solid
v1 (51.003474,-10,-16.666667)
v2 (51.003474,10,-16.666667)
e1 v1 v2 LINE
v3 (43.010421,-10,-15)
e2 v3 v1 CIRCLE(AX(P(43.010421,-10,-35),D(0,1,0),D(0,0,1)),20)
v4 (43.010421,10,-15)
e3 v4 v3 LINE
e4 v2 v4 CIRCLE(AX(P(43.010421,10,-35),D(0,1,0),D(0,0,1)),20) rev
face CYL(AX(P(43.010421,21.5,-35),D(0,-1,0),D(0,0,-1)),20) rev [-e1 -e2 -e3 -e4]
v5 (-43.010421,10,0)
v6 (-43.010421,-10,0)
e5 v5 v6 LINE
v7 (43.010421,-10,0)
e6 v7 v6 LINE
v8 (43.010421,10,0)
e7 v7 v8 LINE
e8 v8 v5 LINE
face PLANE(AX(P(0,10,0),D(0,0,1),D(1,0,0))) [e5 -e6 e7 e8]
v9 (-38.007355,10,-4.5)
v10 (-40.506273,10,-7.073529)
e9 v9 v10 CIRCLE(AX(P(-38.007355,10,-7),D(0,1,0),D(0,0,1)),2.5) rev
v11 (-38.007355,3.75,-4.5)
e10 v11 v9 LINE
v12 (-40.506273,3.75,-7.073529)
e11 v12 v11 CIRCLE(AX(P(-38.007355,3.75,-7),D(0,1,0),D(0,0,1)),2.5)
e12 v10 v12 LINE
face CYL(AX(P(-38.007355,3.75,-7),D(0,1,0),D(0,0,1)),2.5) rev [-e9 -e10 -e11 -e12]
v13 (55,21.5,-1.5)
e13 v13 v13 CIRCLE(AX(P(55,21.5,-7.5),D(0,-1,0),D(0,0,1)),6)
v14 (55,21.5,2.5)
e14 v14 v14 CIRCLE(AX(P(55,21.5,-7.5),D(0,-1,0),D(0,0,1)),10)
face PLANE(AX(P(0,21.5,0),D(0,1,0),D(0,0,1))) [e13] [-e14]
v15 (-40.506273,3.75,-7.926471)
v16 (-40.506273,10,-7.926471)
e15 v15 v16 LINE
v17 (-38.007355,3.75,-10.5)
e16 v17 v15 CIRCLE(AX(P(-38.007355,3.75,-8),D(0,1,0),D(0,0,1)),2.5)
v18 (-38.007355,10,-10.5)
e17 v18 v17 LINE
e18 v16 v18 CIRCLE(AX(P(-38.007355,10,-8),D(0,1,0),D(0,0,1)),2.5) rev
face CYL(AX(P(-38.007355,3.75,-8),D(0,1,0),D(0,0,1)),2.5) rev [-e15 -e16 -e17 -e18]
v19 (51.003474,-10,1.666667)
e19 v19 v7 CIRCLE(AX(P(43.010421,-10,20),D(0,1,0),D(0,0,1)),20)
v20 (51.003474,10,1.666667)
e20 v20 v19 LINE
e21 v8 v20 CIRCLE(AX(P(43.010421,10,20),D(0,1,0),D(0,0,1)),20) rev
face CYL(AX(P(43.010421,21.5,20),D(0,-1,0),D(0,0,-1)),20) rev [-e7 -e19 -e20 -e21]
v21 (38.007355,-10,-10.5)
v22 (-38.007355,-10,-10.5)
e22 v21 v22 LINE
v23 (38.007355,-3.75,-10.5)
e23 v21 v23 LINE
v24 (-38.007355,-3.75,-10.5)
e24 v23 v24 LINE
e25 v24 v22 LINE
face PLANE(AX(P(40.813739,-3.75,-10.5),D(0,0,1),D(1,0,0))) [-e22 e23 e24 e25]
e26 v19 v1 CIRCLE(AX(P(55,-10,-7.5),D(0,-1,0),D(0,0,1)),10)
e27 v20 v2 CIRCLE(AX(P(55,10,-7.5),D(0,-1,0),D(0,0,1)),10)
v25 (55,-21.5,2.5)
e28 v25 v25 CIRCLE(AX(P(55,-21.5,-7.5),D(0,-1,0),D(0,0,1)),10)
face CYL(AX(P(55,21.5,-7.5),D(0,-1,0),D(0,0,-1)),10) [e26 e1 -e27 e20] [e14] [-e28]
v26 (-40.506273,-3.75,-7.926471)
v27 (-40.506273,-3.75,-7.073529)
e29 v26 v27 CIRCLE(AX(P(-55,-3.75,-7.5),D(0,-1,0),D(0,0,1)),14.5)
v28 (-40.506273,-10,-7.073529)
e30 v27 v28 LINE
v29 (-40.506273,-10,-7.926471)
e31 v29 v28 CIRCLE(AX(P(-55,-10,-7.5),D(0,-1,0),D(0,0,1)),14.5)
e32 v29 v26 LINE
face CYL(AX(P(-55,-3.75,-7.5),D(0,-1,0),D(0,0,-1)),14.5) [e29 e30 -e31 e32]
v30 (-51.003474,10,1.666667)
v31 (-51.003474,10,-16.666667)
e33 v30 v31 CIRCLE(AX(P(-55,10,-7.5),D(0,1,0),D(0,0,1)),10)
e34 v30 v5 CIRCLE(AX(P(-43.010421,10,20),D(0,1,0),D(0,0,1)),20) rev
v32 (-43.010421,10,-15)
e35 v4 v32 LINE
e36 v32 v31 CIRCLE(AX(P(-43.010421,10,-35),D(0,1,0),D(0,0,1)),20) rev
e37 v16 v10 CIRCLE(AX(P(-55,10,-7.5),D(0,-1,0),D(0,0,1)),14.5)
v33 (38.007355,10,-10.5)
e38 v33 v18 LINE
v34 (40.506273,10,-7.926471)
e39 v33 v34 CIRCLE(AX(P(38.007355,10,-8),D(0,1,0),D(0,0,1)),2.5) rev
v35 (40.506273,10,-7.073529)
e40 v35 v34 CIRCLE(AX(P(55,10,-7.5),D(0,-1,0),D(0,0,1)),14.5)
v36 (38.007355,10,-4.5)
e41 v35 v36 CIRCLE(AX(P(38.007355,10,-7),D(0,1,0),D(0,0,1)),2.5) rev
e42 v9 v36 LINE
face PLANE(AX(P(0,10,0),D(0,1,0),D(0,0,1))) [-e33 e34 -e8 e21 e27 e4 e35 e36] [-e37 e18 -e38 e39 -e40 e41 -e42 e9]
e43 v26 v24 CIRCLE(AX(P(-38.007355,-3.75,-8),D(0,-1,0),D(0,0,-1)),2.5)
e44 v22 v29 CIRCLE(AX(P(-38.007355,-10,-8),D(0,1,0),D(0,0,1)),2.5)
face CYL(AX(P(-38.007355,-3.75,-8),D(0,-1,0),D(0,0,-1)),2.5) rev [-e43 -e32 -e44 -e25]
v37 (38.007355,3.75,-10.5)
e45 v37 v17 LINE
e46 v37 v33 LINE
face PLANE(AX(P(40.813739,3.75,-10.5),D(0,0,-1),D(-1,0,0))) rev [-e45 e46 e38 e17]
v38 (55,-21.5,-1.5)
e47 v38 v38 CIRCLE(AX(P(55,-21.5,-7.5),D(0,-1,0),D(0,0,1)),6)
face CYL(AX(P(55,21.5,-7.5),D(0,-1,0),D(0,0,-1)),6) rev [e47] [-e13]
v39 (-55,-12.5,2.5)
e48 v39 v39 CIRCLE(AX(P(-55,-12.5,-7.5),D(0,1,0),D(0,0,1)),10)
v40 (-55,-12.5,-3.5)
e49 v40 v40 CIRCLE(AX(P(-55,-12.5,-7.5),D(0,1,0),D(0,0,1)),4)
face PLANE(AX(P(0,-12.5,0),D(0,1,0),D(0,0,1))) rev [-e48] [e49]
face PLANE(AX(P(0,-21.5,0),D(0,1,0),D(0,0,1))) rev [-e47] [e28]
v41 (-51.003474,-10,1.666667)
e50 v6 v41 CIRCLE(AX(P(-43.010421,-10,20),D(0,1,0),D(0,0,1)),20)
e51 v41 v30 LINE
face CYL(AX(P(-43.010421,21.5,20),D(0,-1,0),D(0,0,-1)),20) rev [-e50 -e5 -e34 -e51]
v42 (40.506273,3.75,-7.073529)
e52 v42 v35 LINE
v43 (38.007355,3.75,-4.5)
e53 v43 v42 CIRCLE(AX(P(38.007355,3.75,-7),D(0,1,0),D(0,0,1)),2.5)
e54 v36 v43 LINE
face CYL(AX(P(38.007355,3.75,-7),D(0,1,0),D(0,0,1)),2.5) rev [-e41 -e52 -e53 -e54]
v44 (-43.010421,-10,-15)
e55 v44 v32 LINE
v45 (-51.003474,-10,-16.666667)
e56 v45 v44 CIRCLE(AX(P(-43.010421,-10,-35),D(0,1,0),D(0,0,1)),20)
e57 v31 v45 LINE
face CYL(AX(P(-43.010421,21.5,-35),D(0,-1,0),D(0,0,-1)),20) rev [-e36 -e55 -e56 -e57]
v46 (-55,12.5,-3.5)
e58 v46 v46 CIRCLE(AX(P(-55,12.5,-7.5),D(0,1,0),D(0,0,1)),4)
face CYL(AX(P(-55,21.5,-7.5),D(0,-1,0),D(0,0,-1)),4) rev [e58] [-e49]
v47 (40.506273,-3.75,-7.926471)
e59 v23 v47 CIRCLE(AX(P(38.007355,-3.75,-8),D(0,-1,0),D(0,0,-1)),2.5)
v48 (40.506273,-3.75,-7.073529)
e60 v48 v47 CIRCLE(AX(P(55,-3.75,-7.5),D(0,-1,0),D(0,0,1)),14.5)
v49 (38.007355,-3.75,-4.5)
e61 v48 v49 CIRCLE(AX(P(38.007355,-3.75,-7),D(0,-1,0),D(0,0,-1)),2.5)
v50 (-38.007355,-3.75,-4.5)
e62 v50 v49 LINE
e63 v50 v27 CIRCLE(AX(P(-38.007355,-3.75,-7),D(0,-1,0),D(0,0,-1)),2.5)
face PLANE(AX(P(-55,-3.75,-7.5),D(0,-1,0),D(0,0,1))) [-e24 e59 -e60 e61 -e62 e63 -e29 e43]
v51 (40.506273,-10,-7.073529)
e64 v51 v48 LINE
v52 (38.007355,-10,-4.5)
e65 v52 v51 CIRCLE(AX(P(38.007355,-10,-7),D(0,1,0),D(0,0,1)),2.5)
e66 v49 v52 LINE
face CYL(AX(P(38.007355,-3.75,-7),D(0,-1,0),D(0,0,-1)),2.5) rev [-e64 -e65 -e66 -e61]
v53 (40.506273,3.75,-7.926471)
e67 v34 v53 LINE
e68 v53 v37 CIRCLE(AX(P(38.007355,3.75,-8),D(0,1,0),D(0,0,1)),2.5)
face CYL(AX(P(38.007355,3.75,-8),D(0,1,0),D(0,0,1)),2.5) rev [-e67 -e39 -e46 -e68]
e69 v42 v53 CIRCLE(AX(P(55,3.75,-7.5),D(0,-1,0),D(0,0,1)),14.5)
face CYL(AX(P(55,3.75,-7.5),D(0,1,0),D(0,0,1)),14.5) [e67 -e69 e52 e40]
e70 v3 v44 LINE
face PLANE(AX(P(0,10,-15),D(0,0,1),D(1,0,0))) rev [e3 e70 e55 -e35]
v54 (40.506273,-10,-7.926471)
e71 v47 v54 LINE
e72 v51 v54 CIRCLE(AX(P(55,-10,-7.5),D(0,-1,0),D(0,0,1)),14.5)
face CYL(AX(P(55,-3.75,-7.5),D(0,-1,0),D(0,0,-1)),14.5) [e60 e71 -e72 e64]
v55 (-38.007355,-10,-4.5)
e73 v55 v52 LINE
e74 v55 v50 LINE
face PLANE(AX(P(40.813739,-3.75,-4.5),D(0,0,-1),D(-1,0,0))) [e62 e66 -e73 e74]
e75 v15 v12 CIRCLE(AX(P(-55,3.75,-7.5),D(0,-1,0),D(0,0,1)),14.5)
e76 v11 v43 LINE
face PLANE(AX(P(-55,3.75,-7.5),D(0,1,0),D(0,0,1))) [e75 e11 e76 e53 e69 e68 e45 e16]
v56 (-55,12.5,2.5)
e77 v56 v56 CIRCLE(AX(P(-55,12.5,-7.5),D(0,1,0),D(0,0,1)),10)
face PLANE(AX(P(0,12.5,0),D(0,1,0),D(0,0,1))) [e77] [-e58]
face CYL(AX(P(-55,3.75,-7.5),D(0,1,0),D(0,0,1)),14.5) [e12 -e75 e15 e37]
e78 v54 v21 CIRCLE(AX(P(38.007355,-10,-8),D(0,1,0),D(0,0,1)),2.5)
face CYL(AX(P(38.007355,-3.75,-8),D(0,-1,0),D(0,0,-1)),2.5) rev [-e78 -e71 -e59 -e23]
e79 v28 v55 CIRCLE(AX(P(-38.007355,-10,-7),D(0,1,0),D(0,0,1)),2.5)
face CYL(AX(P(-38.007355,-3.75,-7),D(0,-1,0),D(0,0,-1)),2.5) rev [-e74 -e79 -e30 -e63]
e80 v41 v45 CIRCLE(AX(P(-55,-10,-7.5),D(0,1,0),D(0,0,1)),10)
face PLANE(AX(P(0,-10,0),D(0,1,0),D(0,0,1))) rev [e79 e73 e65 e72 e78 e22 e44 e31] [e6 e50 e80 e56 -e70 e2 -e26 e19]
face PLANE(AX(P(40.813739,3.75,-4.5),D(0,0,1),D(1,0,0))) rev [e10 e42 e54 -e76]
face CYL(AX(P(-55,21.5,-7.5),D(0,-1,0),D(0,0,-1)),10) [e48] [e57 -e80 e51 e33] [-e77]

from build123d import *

# Parameters (mm, degrees)
SKETCH2_R           = 10
SKETCH2_R_2         = 6
BOSS_EXTRUDE1_DEPTH = 21.5
BOSS_EXTRUDE2_DEPTH = 10
CUT_EXTRUDE1_DEPTH  = 6.25
FILLET1_R           = 20
FILLET2_R           = 2.5
MOVE_FACE1_BY       = 9
MOVE_FACE2_BY       = 9
MOVE_FACE3_BY       = 2


with BuildPart() as part:
    # Sketch2 → Boss-Extrude1 (new, symmetric)
    with BuildSketch(Plane(origin=(0, 0, 0), x_dir=(1, 0, 0), z_dir=(0, 1, 0))):
        with Locations(Location((-55, 7.5, 0), (0, 0, 270))):
            Circle(SKETCH2_R)
        with Locations(Location((-55, 7.5, 0), (0, 0, 270))):
            Circle(SKETCH2_R_2, mode=Mode.SUBTRACT)
    extrude(amount=BOSS_EXTRUDE1_DEPTH, both=True)

    # Sketch2<3> → Boss-Extrude2 (add, symmetric)
    with BuildSketch(Plane(origin=(0, 0, 0), x_dir=(1, 0, 0), z_dir=(0, 1, 0))):
        with BuildLine():
            Line((0, 0), (0, 7.5))
            Line((0, 7.5), (-45, 7.5))
            ThreePointArc((-45, 7.5), (-45.885621722, 3.385621722), (-48.385621722, 0))
            Line((-48.385621722, 0), (0, 0))
        make_face()
        with BuildLine():
            Line((-45, 7.5), (0, 7.5))
            Line((0, 7.5), (0, 15))
            Line((0, 15), (-48.385621722, 15))
            ThreePointArc((-48.385621722, 15), (-45.885621722, 11.614378278), (-45, 7.5))
        make_face()
    extrude(amount=BOSS_EXTRUDE2_DEPTH, both=True)

    # Mirror1: part across plane


with BuildPart() as part_1:
    add(part.part)
    add(part.part.mirror(Plane(origin=(0, 10, 0), x_dir=(0, 0, 1), z_dir=(-1, 0, 0))))

    # Sketch3 → Cut-Extrude1 (cut)
    with BuildSketch(Plane(origin=(0, 10, 0), x_dir=(1, 0, 0), z_dir=(0, 1, 0))):
        with BuildLine():
            Line((40.813739041, 10.5), (-40.813739041, 10.5))
            ThreePointArc((-40.813739041, 10.5), (-40.5, 7.5), (-40.813739041, 4.5))
            Line((-40.813739041, 4.5), (40.813739041, 4.5))
            ThreePointArc((40.813739041, 4.5), (40.5, 7.5), (40.813739041, 10.5))
        make_face()
    cut_extrude1 = extrude(amount=-CUT_EXTRUDE1_DEPTH, mode=Mode.SUBTRACT)

    # Mirror2: Cut-Extrude1 across plane
    add(cut_extrude1.mirror(Plane.ZX), mode=Mode.SUBTRACT)

    # Fillet1
    fillet1_edges = [part_1.edges().sort_by_distance(p)[0] for p in [
        (-48.385621722, 0, -15),
        (-48.385621722, 0, 0),
        (48.385621722, 0, 0),
        (48.385621722, 0, -15),
    ]]
    fillet(fillet1_edges, radius=FILLET1_R)

    # Fillet2
    fillet2_edges = [part_1.edges().sort_by_distance(p)[0] for p in [
        (-40.813739041, 6.875, -4.5),
        (-40.813739041, 6.875, -10.5),
        (40.813739041, 6.875, -10.5),
        (40.813739041, 6.875, -4.5),
        (-40.813739041, -6.875, -10.5),
        (-40.813739041, -6.875, -4.5),
        (40.813739041, -6.875, -4.5),
        (40.813739041, -6.875, -10.5),
    ]]
    fillet(fillet2_edges, radius=FILLET2_R)

    # Move Face1: a face moved inward by 9.0
    extrude(part_1.faces().sort_by_distance((-55, 21.5, 0.5))[0], amount=MOVE_FACE1_BY, dir=(0, -1, 0), mode=Mode.SUBTRACT)

    # Move Face2: a face moved inward by 9.0
    extrude(part_1.faces().sort_by_distance((-55, -21.5, 0.5))[0], amount=MOVE_FACE2_BY, dir=(0, 1, 0), mode=Mode.SUBTRACT)

    # Move Face3: a curved face moved outward by 2.0
    add(Solid.thicken(part_1.faces().sort_by_distance((-55, 0, -13.5))[0], MOVE_FACE3_BY))


solid = part_1.part
